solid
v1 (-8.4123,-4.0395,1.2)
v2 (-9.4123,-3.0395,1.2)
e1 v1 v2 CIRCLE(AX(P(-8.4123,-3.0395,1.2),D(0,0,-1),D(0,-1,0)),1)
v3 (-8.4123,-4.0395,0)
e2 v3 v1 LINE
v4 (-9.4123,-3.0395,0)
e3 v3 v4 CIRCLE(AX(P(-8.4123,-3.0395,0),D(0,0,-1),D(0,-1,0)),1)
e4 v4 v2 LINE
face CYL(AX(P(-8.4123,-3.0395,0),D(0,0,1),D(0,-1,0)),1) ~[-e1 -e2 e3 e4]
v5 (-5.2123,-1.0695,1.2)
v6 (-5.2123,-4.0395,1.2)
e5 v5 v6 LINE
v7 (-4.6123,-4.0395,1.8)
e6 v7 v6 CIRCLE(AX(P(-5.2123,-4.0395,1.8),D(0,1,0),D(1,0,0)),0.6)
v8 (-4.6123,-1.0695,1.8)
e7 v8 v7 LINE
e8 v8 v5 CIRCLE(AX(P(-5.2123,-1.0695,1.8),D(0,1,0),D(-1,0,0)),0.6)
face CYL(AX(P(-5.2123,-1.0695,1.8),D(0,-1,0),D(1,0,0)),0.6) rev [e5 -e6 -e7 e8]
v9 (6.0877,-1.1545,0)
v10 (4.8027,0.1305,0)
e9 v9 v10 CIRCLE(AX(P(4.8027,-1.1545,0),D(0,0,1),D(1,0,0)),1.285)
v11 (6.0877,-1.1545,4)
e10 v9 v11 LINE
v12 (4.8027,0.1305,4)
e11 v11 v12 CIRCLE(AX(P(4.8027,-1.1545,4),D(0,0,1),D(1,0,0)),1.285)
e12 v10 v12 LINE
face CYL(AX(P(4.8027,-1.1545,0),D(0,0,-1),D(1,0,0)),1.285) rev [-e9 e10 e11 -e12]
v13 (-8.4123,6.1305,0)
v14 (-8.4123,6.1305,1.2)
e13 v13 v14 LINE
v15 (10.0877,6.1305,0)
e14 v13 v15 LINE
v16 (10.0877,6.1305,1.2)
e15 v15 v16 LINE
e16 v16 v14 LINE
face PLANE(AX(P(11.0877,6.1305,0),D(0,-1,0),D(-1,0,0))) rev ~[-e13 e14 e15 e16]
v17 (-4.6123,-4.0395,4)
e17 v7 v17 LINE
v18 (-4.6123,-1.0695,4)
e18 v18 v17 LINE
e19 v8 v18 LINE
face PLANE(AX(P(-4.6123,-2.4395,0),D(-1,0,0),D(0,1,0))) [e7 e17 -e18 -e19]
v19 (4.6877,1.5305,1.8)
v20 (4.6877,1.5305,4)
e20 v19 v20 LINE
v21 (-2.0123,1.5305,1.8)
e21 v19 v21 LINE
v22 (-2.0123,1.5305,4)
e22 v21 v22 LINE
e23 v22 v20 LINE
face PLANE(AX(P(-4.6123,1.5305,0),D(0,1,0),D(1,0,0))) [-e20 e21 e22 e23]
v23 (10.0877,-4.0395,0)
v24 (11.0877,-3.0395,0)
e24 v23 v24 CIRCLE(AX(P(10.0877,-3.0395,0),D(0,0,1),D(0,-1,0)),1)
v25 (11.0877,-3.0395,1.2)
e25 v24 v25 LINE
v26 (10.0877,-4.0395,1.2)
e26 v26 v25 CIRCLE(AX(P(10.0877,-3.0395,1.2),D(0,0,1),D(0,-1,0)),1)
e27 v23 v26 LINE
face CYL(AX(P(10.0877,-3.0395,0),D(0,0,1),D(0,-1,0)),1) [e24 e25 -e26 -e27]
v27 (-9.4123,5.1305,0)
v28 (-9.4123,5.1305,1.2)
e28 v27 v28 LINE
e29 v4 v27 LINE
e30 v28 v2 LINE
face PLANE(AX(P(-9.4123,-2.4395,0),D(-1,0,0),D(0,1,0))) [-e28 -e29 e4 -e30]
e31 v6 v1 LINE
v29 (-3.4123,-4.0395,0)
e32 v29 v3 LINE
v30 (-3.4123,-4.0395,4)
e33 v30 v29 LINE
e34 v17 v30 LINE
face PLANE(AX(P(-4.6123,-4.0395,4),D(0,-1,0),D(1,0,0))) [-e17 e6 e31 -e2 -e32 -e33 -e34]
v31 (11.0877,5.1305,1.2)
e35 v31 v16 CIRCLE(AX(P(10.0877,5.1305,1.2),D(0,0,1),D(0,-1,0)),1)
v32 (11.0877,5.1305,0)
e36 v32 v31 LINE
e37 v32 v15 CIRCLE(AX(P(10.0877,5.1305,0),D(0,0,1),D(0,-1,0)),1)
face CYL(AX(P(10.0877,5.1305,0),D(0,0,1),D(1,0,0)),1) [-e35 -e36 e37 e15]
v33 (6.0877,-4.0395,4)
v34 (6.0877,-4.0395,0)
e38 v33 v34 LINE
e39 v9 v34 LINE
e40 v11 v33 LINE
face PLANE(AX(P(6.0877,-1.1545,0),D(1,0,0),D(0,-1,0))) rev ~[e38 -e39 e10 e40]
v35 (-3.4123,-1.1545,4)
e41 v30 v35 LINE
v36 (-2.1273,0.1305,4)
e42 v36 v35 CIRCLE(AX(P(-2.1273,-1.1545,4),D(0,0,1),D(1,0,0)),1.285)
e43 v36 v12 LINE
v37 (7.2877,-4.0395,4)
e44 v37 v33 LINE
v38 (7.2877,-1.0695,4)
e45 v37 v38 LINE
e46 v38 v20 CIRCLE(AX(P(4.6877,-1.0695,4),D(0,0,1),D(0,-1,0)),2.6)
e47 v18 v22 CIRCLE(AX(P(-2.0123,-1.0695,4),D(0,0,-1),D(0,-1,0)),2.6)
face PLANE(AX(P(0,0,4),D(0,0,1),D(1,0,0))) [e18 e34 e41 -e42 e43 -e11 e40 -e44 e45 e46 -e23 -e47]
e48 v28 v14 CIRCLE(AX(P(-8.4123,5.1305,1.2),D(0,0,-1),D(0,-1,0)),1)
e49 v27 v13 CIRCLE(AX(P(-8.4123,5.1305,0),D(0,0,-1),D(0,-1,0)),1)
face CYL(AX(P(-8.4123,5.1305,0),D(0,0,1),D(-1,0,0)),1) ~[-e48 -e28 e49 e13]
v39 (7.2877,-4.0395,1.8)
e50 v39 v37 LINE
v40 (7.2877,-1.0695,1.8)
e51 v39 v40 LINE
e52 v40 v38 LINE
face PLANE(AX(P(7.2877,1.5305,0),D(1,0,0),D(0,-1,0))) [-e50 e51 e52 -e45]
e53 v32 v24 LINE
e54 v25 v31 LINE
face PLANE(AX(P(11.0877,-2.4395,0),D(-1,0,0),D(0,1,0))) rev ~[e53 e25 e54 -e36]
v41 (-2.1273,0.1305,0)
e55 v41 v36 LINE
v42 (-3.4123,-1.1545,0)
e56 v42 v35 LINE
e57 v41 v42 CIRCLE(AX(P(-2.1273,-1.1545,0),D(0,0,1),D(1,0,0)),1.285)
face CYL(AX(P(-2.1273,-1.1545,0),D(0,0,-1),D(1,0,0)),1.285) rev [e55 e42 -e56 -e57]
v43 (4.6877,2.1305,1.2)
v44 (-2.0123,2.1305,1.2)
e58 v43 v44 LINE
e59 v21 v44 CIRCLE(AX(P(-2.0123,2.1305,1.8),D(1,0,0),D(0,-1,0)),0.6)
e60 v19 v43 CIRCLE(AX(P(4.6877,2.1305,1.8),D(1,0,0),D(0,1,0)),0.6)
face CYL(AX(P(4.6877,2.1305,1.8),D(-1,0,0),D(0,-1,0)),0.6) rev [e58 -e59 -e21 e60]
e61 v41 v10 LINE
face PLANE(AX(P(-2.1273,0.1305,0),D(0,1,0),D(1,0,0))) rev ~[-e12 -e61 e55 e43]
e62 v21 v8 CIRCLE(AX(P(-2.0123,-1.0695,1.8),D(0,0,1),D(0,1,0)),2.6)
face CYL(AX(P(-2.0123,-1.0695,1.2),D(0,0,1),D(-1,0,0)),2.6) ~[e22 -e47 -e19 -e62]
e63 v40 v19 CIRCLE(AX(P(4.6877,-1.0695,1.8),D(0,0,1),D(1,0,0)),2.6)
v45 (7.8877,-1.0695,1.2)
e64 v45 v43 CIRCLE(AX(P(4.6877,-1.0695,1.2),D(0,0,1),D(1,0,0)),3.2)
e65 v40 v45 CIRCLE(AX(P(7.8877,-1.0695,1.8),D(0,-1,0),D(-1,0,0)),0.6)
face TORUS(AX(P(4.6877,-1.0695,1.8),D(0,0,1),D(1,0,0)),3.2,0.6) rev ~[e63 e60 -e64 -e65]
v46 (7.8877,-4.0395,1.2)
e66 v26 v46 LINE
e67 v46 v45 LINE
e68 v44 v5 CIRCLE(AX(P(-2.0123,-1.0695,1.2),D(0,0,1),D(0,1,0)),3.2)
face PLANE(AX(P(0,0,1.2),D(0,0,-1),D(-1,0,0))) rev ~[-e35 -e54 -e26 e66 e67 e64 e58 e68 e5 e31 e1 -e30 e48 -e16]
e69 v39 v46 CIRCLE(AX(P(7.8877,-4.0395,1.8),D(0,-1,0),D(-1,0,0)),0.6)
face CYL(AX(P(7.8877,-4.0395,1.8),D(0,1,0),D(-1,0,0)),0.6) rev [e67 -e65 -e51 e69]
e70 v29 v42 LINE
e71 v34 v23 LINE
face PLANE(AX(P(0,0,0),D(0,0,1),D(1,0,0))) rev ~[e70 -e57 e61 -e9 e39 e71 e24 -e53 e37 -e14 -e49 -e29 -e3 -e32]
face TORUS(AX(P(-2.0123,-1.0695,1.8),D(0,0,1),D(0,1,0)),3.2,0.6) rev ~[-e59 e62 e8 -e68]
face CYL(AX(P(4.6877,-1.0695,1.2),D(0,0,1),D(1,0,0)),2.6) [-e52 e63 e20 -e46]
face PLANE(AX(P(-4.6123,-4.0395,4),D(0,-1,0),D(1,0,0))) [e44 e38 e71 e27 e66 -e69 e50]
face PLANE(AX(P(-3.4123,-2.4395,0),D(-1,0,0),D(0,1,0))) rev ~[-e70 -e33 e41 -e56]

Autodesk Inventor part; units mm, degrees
ref_plane "YZ Plane" through (0, 0, 0) normal (1, 0, 0) x (0, 1, 0)
ref_plane "XZ Plane" through (0, 0, 0) normal (0, 1, 0) x (-1, 0, 0)
ref_plane "XY Plane" through (0, 0, 0) normal (0, 0, 1) x (1, 0, 0)
sketch "Sketch1" plane through (0, 0, 0) normal (0, 0, 1) x (1, 0, 0)
  line L0 (-3.4123, 0.1305) -> (6.0877, 0.1305)
  line L1 (6.0877, 0.1305) -> (6.0877, -2.4395)
  line L2 (6.0877, -2.4395) -> (-3.4123, -2.4395)
  line L3 (-3.4123, -2.4395) -> (-3.4123, 0.1305)
  circle A0 centre (-2.1273, -1.1545) radius 1.285
  circle A1 centre (4.8027, -1.1545) radius 1.285
  line L4 (-4.6123, 1.5305) -> (7.2877, 1.5305)
  line L5 (7.2877, 1.5305) -> (7.2877, -2.4395)
  line L6 (7.2877, -2.4395) -> (-4.6123, -2.4395)
  line L7 (-4.6123, -2.4395) -> (-4.6123, 1.5305)
  point P0 (0, 0)
  point P1 (-3.4123, -2.4395)
  point P2 (-3.4123, -1.1545)
  point P3 (-2.1273, 0.1305)
  point P4 (4.8027, 0.1305)
  point P5 (6.0877, -1.1545)
  point P6 (6.0877, -2.4395)
  point P7 (4.8027, -2.4395)
  point P8 (-2.1273, -2.4395)
  dimension "d0" = 2.57
  dimension "d1" = 9.5
  dimension "d2" = 1.285
  dimension "d3" = 1.285
  dimension "d4" = 1.2
  dimension "d5" = 1.2
  dimension "d6" = 1.4
extrude "Extrusion1" add sketch "Sketch1" along normal blind 4 contours L3 L6 L7 L4 L5 L1 L0 | L0 A0 L3 | L0 L1 A1
sketch "Sketch2" plane through (0, 0, 0) normal (0, 0, -1) x (-1, 0, 0)
  line L0 (-6.0877, -2.4395) -> (-7.2877, -2.4395) projected
  line L1 (-11.0877, 6.1305) -> (-6.6877, 6.1305)
  line L2 (-6.6877, 6.1305) -> (-6.6877, -2.4395)
  line L3 (-6.6877, -2.4395) -> (-11.0877, -2.4395)
  line L4 (-11.0877, -2.4395) -> (-11.0877, 6.1305)
  line L5 (4.6123, -2.4395) -> (3.4123, -2.4395) projected
  line L6 (4.0123, -2.4395) -> (9.4123, -2.4395)
  line L7 (9.4123, -2.4395) -> (9.4123, 6.1305)
  line L8 (9.4123, 6.1305) -> (4.0123, 6.1305)
  line L9 (4.0123, 6.1305) -> (4.0123, -2.4395)
  line L10 (-7.2877, 1.5305) -> (4.6123, 1.5305) projected
  line L11 (-6.6877, 6.1305) -> (4.0123, 6.1305)
  line L12 (4.0123, 6.1305) -> (4.0123, 1.5305)
  line L13 (4.0123, 1.5305) -> (-6.6877, 1.5305)
  line L14 (-6.6877, 1.5305) -> (-6.6877, 6.1305)
  line L15 (-6.0877, -1.1545) -> (-6.0877, -2.4395) projected
  line L16 (3.4123, -2.4395) -> (3.4123, -1.1545) projected
  line L17 (2.1273, 0.1305) -> (-4.8027, 0.1305) projected
  point P0 (0, 0)
  point P1 (-6.6877, 1.5305)
  point P2 (4.6123, -2.4395)
  dimension "d9" = 5
  dimension "d10" = 6
  dimension "d11" = 6
extrude "Extrusion2" add sketch "Sketch2" against normal blind 1.2
fillet "Fillet1" radius 2.6 2 edges at (-4.6123, 1.5305, 2.6) (7.2877, 1.5305, 2.6)
sketch "Sketch3" plane through (-4.6123, -2.4395, 4) normal (0, -1, 0) x (1, 0, 0)
  line L0 (15.7, -2.8) -> (-4.8, -2.8) projected
  line L1 (1.2, -4) -> (1.2, 0) projected
  line L2 (-4.8, -2.8) -> (1.2, -2.8)
  line L3 (1.2, -2.8) -> (1.2, -4)
  line L4 (1.2, -4) -> (-4.8, -4)
  line L5 (-4.8, -4) -> (-4.8, -2.8)
  line L6 (0, -2.8) -> (0, 0) projected
  line L7 (0, 0) -> (1.2, 0)
  line L8 (1.2, 0) -> (1.2, -2.8)
  line L9 (1.2, -2.8) -> (0, -2.8)
  line L10 (0, -2.8) -> (0, 0)
  line L11 (11.9, -2.8) -> (11.9, 0) projected
  line L12 (10.7, -4) -> (10.7, 0) projected
  line L13 (11.9, 0) -> (10.7, 0)
  line L14 (10.7, 0) -> (10.7, -2.8)
  line L15 (10.7, -2.8) -> (11.9, -2.8)
  line L16 (11.9, -2.8) -> (11.9, 0)
  line L17 (15.7, -2.8) -> (10.7, -2.8)
  line L18 (10.7, -2.8) -> (10.7, -4)
  line L19 (10.7, -4) -> (15.7, -4)
  line L20 (15.7, -4) -> (15.7, -2.8)
  point P0 (4.6123, -4)
  point P1 (1.2, 0)
extrude "Extrusion3" add sketch "Sketch3" along normal blind 1.6
fillet "Fillet2" radius 0.6 5 edges at (6.5262, 0.769, 1.2) (1.3377, 1.5305, 1.2) (-3.8507, 0.769, 1.2) (-4.6123, -2.5545, 1.2) (7.2877, -2.5545, 1.2)
fillet "Fillet3" radius 1 4 edges at (-9.4123, -4.0395, 0.6) (-9.4123, 6.1305, 0.6) (11.0877, 6.1305, 0.6) (11.0877, -4.0395, 0.6)
properties part number "charge_support"
